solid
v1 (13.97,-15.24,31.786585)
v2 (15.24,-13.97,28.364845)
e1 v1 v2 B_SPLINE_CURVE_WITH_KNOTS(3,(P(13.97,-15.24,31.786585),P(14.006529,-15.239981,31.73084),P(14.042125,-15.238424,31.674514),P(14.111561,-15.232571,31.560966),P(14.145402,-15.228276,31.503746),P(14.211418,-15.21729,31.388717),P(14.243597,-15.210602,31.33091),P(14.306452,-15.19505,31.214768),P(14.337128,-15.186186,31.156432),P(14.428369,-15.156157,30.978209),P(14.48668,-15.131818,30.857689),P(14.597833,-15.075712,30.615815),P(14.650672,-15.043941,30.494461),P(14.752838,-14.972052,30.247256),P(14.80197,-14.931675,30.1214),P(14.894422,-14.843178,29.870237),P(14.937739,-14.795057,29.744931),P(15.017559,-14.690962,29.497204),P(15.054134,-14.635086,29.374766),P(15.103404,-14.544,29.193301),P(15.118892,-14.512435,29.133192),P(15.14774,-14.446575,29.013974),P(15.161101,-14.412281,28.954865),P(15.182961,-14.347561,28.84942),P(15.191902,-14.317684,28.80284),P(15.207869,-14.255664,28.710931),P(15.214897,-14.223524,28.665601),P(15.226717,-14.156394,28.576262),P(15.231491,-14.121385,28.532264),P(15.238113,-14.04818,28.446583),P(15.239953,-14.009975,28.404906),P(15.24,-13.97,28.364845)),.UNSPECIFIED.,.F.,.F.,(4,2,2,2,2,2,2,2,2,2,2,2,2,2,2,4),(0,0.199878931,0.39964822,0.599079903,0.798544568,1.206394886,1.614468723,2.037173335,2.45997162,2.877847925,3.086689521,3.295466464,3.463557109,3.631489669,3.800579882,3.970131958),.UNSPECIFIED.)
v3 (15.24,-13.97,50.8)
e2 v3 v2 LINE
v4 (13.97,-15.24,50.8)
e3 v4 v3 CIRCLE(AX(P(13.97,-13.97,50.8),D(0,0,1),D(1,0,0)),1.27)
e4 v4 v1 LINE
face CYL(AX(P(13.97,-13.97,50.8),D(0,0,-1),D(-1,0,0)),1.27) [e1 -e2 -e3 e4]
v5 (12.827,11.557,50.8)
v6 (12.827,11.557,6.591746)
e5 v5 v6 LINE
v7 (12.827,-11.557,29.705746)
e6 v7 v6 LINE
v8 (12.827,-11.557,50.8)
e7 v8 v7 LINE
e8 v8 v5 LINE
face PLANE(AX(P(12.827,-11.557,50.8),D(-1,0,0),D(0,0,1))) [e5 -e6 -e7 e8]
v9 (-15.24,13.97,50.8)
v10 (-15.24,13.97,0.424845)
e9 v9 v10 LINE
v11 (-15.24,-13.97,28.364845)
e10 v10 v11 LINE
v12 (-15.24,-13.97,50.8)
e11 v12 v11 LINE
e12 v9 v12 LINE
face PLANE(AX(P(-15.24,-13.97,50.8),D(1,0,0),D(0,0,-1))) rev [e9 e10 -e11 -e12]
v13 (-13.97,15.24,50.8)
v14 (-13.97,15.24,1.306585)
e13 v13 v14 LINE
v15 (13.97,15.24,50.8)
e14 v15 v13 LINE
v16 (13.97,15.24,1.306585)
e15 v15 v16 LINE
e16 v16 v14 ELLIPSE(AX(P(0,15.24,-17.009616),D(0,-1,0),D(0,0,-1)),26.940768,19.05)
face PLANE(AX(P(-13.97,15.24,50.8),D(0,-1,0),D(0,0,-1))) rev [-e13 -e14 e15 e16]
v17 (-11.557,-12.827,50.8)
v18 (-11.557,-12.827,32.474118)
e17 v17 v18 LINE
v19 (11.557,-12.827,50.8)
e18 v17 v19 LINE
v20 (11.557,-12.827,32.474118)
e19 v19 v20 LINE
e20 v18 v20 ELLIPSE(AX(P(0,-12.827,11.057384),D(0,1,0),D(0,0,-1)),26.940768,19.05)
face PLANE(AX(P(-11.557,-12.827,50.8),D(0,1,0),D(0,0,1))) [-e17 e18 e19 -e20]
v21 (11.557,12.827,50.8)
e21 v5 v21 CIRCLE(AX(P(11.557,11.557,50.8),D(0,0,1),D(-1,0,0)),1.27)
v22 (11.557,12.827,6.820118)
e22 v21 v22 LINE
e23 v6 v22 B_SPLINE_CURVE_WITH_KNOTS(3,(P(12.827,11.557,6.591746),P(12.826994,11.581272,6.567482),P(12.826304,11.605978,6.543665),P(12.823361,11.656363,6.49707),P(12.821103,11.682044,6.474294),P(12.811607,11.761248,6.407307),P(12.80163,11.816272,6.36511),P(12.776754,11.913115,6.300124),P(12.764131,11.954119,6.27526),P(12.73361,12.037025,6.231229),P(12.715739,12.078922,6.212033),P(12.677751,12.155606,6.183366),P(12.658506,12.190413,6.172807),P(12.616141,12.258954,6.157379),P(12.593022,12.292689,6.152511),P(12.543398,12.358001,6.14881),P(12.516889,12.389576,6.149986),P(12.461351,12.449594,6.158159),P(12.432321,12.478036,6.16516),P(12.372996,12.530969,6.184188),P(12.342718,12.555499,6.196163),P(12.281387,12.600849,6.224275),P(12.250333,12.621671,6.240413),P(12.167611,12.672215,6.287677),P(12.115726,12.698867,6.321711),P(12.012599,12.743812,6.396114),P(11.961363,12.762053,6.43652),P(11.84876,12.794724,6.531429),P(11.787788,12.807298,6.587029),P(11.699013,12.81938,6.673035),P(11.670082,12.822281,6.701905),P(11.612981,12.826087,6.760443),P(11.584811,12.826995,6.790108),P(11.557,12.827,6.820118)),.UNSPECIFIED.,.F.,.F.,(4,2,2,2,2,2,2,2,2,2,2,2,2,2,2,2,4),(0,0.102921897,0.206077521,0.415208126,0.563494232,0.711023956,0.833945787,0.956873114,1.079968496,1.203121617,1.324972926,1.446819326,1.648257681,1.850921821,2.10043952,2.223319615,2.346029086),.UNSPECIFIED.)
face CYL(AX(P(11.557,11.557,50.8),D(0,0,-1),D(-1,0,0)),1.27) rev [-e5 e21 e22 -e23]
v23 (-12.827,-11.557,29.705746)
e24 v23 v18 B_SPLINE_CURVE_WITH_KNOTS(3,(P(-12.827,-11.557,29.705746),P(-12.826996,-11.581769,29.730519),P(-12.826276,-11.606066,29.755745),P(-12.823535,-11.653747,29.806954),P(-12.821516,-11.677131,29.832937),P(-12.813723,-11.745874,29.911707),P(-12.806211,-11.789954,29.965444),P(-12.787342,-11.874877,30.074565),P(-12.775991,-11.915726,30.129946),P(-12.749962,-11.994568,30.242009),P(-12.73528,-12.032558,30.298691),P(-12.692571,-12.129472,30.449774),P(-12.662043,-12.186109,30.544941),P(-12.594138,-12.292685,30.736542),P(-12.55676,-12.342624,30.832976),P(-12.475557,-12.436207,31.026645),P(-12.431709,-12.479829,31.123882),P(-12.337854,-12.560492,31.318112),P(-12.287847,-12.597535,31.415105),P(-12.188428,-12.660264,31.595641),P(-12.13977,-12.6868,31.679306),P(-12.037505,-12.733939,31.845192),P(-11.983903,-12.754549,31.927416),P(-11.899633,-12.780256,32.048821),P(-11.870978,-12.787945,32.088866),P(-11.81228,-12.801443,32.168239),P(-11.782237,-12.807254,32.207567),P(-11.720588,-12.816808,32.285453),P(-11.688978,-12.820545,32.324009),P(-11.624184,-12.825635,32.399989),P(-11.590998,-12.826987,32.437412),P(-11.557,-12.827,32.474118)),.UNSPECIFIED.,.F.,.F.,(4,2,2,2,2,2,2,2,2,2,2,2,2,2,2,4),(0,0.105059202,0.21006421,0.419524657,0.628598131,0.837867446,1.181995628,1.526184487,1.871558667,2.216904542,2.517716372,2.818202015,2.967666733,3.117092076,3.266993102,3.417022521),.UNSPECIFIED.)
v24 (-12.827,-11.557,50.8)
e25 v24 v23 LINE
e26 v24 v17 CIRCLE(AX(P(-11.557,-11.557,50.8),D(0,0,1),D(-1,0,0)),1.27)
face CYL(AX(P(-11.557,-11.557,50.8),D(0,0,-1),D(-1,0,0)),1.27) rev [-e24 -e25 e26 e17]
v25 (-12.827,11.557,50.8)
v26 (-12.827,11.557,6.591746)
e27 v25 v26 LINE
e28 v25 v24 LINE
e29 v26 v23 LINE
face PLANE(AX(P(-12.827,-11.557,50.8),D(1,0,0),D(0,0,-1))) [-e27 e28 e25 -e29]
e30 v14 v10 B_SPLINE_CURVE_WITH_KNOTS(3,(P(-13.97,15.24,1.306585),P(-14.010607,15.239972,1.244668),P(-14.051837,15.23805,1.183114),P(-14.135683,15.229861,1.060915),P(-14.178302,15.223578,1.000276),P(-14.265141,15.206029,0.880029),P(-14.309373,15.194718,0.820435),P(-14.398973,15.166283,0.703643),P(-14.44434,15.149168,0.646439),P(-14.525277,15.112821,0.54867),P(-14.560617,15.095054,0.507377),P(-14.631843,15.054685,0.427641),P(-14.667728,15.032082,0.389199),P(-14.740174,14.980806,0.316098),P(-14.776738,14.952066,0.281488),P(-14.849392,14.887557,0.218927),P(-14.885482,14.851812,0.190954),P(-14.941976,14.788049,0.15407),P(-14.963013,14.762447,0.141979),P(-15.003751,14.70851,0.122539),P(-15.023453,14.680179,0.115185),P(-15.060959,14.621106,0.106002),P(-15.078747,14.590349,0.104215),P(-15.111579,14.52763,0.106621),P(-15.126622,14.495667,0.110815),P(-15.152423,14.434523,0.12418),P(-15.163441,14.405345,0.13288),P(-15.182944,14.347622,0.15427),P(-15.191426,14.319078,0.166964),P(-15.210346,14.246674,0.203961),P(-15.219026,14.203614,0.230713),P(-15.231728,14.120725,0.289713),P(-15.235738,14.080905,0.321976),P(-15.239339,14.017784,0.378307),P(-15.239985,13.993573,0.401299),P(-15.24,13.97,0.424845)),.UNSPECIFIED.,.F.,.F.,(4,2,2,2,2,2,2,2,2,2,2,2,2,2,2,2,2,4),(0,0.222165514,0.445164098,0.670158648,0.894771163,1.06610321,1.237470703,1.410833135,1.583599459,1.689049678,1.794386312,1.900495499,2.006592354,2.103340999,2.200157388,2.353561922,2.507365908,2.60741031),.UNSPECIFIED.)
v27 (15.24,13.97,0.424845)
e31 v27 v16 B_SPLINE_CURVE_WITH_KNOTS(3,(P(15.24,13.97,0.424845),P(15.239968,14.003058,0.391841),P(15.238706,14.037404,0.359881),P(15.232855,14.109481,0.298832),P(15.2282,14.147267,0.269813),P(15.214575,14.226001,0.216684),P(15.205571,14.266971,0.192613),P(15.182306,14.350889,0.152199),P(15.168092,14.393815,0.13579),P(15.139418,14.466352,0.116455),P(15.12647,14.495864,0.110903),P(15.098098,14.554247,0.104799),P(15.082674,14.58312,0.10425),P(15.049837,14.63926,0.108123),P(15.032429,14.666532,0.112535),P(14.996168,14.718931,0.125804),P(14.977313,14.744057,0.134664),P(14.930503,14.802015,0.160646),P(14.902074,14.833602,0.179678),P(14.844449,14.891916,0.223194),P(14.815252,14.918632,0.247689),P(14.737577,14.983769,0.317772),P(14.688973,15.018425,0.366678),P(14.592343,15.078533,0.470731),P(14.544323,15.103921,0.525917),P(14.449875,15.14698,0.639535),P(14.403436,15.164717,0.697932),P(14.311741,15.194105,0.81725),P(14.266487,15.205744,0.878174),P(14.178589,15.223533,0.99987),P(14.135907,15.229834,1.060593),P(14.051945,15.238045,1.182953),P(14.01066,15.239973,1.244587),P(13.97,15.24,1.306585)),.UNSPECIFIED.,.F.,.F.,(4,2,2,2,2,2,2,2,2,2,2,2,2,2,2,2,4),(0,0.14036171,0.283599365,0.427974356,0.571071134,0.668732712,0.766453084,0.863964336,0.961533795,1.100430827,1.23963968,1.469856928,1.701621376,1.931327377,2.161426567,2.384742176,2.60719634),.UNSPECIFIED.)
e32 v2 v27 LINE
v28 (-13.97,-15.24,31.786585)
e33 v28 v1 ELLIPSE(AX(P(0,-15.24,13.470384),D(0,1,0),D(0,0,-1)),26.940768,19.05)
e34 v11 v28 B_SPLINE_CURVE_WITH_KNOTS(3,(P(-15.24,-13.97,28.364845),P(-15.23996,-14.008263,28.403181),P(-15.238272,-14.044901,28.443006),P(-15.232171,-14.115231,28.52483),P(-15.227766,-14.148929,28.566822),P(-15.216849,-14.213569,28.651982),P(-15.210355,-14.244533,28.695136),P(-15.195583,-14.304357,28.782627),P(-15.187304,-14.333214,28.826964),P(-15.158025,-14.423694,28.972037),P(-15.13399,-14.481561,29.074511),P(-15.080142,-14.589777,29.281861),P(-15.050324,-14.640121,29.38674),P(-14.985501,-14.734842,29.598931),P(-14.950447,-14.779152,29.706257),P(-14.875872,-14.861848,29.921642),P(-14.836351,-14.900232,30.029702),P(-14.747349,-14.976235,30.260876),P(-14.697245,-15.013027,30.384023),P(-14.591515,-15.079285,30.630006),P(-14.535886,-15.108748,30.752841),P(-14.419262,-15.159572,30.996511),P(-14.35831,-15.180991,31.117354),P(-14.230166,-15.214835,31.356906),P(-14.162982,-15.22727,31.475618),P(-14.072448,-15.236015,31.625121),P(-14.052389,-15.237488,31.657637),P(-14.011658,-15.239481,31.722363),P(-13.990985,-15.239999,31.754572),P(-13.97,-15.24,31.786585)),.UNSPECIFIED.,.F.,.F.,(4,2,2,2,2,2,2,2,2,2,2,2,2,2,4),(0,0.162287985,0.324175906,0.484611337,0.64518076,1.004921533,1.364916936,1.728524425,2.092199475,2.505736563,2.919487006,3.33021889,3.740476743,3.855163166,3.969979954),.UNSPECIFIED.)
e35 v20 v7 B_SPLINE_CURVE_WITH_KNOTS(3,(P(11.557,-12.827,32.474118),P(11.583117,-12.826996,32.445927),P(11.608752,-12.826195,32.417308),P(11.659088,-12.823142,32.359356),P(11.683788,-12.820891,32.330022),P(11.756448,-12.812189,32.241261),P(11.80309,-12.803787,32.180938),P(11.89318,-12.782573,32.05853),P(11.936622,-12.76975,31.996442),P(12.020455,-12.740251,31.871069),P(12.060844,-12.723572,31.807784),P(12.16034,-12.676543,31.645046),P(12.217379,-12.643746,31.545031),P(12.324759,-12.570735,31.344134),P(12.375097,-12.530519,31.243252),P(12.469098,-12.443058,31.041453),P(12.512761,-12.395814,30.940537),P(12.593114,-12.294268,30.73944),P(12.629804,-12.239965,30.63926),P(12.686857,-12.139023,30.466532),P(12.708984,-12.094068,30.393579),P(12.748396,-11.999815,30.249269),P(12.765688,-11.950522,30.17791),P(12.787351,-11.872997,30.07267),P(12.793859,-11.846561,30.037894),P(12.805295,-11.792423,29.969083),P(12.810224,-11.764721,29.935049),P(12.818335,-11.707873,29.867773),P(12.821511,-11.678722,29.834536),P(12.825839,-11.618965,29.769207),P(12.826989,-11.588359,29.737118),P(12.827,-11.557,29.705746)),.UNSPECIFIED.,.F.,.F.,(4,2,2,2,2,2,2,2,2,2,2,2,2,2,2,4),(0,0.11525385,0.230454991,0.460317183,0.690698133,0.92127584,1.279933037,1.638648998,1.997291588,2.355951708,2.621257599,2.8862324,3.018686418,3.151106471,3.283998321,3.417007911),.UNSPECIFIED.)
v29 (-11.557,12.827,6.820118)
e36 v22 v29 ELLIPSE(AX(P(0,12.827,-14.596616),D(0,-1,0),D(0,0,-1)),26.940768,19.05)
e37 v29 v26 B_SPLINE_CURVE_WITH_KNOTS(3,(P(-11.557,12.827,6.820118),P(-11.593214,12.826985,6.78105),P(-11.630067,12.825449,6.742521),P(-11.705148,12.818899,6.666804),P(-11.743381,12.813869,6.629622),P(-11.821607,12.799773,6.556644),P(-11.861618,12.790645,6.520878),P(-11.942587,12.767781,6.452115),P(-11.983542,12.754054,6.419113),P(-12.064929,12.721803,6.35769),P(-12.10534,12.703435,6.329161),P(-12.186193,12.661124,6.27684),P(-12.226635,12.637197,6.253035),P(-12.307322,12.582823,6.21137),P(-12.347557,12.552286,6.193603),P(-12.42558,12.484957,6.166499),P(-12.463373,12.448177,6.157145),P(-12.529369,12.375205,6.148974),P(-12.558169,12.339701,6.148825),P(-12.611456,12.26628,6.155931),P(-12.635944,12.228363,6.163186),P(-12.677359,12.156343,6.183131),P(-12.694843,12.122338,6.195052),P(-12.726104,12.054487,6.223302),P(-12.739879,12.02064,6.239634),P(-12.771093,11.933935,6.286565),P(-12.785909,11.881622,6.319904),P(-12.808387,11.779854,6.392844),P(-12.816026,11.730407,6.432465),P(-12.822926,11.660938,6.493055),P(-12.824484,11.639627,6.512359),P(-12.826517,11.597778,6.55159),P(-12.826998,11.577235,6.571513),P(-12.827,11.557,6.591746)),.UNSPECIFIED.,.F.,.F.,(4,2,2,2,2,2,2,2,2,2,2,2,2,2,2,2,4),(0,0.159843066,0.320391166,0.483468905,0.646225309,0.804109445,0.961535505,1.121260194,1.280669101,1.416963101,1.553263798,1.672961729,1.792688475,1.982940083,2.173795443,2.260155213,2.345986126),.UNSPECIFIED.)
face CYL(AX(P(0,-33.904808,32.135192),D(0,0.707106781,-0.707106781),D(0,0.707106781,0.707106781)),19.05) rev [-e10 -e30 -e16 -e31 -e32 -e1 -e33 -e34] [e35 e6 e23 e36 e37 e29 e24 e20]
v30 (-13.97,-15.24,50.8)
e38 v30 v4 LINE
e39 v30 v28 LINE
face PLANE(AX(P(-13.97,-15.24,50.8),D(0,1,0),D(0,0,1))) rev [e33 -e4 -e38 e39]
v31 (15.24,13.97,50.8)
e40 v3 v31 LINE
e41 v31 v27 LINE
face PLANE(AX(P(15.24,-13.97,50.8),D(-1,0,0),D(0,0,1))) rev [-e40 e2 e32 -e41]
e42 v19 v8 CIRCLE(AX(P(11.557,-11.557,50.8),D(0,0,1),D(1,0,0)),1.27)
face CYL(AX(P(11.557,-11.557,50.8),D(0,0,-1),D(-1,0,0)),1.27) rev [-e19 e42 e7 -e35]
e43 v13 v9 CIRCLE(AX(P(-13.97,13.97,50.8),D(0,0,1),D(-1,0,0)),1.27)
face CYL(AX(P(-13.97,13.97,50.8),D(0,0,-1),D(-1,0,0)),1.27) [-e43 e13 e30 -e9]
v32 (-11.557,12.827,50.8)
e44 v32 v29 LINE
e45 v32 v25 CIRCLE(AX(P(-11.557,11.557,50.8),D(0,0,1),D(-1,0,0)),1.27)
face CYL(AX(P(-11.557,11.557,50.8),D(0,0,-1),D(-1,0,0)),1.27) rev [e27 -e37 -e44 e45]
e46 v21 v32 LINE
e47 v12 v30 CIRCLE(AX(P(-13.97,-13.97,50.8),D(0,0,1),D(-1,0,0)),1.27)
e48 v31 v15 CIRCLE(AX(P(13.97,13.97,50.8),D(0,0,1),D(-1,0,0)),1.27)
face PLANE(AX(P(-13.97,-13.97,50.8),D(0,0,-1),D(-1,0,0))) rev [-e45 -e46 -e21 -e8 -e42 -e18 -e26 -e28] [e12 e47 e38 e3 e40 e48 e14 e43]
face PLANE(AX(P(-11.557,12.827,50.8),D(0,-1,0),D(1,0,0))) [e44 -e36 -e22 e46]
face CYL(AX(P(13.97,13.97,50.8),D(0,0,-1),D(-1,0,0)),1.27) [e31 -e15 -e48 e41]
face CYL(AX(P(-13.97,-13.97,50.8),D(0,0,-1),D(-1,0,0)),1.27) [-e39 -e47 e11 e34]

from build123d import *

# Parameters (mm, degrees)
BOSS_EXTRUDE1_DEPTH = 50.8
SKETCH3_R           = 19.05
CUT_EXTRUDE1_DEPTH  = 65.557986338


with BuildPart() as part:
    # Sketch2 → Boss-Extrude1 (new body)
    with BuildSketch(Plane.XY):
        with BuildLine():
            Line((-13.97, -15.24), (13.97, -15.24))
            ThreePointArc((13.97, -15.24), (14.868025612, -14.868025612), (15.24, -13.97))
            Line((15.24, -13.97), (15.24, 13.97))
            ThreePointArc((15.24, 13.97), (14.868025612, 14.868025612), (13.97, 15.24))
            Line((13.97, 15.24), (-13.97, 15.24))
            ThreePointArc((-13.97, 15.24), (-14.868025612, 14.868025612), (-15.24, 13.97))
            Line((-15.24, 13.97), (-15.24, -13.97))
            ThreePointArc((-15.24, -13.97), (-14.868025612, -14.868025612), (-13.97, -15.24))
        make_face()
        with BuildLine():
            Line((-11.557, -12.827), (11.557, -12.827))
            ThreePointArc((11.557, -12.827), (12.455025612, -12.455025612), (12.827, -11.557))
            Line((12.827, -11.557), (12.827, 11.557))
            ThreePointArc((12.827, 11.557), (12.455025612, 12.455025612), (11.557, 12.827))
            Line((11.557, 12.827), (-11.557, 12.827))
            ThreePointArc((-11.557, 12.827), (-12.455025612, 12.455025612), (-12.827, 11.557))
            Line((-12.827, 11.557), (-12.827, -11.557))
            ThreePointArc((-12.827, -11.557), (-12.455025612, -12.455025612), (-11.557, -12.827))
        make_face(mode=Mode.SUBTRACT)
    extrude(amount=BOSS_EXTRUDE1_DEPTH)

    # Sketch3 → Cut-Extrude1 (cut, through all)
    with BuildSketch(Plane(origin=(0, 7.62, -7.62), x_dir=(-1, 0, 0), z_dir=(0, 0.7071067811865464, -0.7071067811865488))):
        with Locations((0, -1.251307345)):
            Circle(SKETCH3_R)
    extrude(amount=-CUT_EXTRUDE1_DEPTH, mode=Mode.SUBTRACT)


solid = part.part
